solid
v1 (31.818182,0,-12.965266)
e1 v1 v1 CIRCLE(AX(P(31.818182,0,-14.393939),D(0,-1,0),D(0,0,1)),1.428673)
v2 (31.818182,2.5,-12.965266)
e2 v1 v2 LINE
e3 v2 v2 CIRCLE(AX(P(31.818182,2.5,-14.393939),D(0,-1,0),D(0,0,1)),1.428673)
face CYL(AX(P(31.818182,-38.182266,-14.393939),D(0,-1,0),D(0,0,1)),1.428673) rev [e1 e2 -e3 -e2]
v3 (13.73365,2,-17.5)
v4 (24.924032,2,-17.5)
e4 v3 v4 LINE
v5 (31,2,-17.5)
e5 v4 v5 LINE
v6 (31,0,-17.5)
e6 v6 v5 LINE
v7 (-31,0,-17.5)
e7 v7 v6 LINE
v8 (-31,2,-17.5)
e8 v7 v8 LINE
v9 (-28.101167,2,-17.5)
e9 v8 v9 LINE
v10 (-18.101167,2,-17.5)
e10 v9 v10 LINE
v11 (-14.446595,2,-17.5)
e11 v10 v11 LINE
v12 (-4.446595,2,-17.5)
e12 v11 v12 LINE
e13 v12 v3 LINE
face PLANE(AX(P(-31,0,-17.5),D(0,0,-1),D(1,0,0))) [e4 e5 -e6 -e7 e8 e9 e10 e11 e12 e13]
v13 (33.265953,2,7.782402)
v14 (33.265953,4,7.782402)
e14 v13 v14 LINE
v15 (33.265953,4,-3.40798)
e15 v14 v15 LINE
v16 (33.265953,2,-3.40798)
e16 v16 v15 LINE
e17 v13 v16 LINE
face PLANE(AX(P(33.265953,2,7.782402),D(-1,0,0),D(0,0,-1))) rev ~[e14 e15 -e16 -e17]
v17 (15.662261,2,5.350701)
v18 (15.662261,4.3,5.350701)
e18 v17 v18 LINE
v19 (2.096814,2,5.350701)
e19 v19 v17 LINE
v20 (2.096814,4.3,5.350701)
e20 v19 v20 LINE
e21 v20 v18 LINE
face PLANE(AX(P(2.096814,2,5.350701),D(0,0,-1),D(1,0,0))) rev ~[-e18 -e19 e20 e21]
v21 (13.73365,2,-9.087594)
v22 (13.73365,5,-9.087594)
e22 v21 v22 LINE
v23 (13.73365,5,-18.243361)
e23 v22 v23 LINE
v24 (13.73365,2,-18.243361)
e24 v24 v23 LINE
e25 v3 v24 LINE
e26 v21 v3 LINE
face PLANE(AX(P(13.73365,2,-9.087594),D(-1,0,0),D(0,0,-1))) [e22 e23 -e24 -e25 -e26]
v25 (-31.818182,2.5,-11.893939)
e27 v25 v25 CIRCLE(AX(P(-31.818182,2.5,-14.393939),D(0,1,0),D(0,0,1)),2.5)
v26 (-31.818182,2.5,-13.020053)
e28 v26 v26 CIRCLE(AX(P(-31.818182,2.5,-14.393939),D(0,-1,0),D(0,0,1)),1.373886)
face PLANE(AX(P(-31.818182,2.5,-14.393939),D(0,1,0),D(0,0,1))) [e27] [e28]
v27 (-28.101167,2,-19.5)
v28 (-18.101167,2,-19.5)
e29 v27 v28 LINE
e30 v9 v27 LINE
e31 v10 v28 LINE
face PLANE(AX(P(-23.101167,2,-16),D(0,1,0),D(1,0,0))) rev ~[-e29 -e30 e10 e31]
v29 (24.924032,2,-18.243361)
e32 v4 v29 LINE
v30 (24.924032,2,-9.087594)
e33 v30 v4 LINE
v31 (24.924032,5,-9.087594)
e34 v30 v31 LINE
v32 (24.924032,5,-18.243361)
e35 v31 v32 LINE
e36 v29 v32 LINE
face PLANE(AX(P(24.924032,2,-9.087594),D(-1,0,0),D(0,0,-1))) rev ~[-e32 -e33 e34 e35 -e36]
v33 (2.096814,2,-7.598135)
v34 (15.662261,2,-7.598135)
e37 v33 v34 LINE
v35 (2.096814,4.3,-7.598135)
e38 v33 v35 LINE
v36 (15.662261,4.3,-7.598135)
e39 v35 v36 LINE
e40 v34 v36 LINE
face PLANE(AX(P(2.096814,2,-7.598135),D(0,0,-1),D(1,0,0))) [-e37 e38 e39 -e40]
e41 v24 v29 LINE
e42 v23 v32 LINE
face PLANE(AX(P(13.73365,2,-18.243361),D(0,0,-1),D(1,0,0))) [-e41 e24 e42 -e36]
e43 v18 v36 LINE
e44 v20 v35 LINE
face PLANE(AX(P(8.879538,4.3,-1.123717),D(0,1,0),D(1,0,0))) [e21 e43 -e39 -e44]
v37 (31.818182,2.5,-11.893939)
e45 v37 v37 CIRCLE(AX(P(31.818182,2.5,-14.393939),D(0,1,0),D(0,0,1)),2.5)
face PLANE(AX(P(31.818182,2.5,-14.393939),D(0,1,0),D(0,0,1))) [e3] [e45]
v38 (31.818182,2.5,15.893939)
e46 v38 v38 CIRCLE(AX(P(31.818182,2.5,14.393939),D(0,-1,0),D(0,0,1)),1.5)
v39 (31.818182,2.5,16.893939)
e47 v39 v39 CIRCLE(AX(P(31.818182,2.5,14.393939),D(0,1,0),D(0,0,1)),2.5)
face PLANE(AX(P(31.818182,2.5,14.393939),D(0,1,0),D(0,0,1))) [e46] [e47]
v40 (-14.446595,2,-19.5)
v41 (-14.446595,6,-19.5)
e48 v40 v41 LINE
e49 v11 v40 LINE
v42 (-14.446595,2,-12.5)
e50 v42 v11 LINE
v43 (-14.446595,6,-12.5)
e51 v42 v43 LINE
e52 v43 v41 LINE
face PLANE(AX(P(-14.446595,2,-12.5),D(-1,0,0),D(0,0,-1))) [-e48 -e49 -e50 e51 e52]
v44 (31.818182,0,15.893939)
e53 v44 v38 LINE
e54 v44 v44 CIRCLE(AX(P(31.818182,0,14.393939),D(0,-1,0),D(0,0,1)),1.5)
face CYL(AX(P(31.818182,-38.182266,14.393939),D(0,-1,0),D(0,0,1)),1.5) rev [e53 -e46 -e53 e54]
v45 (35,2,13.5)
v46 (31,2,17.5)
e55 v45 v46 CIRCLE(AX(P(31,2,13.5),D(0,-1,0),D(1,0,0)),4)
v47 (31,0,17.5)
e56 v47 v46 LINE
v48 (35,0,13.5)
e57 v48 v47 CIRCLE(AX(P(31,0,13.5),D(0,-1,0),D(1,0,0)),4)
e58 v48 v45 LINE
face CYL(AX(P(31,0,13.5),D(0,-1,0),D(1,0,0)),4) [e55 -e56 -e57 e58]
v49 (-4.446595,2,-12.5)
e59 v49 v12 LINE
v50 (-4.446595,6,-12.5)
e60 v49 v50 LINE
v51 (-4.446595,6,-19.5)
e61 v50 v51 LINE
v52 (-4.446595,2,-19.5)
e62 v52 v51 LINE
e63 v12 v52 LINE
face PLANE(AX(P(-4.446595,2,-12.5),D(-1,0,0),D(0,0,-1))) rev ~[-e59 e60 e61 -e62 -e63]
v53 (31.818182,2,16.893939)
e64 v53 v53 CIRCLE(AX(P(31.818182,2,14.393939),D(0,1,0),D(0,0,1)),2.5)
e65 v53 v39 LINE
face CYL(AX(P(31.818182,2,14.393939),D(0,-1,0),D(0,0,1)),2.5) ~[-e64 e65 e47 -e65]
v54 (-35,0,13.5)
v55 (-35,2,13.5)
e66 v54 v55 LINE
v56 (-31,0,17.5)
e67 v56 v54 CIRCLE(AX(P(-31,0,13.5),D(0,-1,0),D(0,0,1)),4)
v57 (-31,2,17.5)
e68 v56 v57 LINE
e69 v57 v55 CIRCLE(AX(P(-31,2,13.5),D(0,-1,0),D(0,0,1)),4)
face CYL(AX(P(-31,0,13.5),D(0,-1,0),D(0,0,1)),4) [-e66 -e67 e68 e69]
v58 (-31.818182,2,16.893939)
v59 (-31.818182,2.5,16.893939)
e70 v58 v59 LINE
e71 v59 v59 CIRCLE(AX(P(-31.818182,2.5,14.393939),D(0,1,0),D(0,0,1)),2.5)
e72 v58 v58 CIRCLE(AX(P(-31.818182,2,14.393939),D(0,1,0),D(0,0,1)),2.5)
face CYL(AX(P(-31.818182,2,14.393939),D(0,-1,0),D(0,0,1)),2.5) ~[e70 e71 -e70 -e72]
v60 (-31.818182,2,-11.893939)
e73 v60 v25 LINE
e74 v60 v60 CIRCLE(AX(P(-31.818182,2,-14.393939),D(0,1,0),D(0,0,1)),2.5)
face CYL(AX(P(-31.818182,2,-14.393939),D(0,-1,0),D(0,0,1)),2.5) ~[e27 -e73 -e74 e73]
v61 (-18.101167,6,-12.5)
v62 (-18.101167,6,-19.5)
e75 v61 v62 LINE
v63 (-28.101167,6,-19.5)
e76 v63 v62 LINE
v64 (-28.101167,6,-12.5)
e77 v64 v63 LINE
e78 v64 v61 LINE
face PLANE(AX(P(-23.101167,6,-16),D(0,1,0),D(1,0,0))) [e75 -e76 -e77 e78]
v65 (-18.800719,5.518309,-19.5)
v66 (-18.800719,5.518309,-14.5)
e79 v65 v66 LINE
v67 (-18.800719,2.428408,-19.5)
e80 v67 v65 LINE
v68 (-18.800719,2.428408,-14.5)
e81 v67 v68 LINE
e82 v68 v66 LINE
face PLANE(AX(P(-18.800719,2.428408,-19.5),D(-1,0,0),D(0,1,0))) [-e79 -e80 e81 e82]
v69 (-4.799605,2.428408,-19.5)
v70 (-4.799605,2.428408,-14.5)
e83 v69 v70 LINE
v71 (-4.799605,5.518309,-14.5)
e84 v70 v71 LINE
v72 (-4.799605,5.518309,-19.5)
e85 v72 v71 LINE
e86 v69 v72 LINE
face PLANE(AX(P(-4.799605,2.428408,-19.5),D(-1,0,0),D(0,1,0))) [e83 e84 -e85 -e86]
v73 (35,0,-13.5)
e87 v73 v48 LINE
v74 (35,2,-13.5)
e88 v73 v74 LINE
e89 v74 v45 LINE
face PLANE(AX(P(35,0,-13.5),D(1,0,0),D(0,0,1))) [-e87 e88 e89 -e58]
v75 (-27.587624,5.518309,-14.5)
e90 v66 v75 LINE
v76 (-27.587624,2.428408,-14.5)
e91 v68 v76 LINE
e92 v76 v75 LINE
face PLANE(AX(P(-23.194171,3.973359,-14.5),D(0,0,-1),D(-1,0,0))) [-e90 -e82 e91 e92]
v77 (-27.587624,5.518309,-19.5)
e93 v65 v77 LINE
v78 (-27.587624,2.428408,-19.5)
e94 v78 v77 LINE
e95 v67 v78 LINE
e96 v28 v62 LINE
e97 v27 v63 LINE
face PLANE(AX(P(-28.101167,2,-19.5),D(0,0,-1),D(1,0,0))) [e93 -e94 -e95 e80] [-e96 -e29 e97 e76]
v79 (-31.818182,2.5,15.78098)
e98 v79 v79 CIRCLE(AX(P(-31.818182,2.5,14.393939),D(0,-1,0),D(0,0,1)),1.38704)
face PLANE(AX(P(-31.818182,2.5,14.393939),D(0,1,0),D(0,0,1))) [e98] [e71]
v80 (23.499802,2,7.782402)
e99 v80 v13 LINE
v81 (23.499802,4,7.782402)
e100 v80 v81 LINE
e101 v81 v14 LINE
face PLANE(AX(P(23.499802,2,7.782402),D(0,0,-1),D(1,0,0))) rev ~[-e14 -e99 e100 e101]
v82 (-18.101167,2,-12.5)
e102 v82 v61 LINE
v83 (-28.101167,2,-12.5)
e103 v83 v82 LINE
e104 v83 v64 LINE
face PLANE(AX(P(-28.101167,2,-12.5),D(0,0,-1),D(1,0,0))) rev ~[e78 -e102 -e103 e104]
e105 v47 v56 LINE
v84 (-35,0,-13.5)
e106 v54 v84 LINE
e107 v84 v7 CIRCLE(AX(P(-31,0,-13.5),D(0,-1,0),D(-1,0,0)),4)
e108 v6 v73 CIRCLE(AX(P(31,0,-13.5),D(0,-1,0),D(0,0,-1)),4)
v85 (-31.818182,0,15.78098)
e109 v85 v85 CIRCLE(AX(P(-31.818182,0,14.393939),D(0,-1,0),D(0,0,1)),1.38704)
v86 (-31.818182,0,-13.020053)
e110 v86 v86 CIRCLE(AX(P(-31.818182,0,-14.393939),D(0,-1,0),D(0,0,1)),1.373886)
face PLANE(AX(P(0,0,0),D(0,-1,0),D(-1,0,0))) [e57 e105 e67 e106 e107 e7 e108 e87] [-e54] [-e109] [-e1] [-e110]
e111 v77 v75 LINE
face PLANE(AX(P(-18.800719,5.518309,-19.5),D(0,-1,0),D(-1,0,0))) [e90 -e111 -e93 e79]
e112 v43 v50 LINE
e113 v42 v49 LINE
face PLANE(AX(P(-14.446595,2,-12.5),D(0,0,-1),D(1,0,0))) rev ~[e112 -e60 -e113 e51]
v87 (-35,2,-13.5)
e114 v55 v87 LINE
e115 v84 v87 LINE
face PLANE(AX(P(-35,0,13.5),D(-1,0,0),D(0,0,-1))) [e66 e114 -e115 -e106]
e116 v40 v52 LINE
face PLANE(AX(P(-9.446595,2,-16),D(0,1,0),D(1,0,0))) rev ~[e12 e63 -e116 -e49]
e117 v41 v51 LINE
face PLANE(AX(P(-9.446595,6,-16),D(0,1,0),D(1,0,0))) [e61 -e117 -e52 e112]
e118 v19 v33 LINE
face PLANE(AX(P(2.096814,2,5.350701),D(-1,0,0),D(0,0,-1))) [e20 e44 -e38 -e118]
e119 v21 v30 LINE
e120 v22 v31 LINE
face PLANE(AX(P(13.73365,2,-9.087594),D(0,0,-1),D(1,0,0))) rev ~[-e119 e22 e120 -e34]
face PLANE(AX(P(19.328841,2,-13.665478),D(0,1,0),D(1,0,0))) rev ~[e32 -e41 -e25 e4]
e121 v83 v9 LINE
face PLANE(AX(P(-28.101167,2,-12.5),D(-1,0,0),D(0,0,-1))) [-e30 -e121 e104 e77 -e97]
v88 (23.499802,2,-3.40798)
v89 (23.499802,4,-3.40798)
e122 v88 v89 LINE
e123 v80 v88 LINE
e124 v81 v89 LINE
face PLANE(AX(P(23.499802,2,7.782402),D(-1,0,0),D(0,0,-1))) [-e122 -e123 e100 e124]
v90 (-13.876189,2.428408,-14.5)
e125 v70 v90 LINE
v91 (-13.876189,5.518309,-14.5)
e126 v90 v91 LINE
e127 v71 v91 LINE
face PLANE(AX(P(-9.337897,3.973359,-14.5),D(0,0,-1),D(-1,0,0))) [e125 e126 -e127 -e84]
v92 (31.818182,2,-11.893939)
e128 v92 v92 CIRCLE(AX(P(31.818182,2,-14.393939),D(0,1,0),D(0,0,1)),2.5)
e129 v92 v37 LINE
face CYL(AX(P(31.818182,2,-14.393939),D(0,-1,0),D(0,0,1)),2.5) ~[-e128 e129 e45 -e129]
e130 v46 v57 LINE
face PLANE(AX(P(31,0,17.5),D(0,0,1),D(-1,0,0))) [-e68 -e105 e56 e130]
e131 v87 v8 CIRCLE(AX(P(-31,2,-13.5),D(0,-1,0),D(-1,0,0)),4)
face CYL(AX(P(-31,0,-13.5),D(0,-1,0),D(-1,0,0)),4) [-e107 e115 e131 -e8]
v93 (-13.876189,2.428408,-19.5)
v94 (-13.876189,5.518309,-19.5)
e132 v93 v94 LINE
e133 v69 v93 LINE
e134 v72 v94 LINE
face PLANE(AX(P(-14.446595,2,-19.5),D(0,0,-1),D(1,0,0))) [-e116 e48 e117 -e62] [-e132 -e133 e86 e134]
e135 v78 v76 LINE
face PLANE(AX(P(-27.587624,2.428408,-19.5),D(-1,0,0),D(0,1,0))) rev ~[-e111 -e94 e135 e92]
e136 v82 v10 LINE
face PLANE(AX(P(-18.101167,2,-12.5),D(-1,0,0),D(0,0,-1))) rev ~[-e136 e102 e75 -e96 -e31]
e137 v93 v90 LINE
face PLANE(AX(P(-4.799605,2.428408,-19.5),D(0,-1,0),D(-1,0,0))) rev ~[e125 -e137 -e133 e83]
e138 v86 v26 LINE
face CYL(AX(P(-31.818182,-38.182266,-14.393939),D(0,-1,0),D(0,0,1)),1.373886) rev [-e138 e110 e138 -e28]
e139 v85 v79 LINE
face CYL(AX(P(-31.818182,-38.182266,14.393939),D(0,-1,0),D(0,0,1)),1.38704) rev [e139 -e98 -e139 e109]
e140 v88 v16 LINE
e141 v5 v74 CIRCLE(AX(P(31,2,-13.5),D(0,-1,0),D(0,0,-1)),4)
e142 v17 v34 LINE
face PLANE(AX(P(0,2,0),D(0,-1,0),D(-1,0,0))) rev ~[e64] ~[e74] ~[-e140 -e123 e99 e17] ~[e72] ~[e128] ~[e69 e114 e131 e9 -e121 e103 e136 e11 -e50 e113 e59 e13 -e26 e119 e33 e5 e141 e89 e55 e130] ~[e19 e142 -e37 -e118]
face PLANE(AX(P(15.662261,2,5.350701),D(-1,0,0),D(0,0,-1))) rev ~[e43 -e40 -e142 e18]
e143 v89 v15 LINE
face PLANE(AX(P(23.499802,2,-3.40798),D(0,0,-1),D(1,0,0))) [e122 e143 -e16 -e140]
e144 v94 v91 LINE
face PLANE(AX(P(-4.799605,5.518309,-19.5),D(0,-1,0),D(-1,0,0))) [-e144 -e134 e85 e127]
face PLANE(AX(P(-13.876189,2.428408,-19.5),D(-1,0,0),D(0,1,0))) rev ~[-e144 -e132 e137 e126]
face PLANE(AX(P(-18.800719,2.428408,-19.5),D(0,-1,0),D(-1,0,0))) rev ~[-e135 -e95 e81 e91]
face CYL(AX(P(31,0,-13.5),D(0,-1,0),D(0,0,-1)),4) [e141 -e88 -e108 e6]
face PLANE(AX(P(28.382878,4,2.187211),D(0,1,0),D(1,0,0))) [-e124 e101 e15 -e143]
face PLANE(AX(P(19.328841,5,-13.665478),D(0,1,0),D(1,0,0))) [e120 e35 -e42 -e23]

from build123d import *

# Parameters (mm, degrees)
BOSS_EXTRUDE1_DEPTH     = 2
SKETCH2_R               = 2.5
BOSS_EXTRUDE2_DEPTH     = 0.5
CUT_EXTRUDE1_DEPTH      = 40.182266397
CUT_EXTRUDE1_DEPTH_BACK = 40.182266397
SKETCH3_R               = 1.5
SKETCH3_R_2             = 1.3870402
SKETCH3_R_3             = 1.37388591
SKETCH3_R_4             = 1.428673318
SKETCH4_W               = 13.56544722
SKETCH4_H               = 12.948835983
BOSS_EXTRUDE3_DEPTH     = 2.3
SKETCH5_W               = 9.766151407
SKETCH5_H               = 11.19038182
BOSS_EXTRUDE4_DEPTH     = 2
SKETCH6_W               = 10
SKETCH6_H               = 7
BOSS_EXTRUDE5_DEPTH     = 4
SKETCH7_W               = 9.076584157
SKETCH7_H               = 3.089900989
SKETCH7_W_2             = 8.786905938
CUT_EXTRUDE2_DEPTH      = 5
SKETCH8_W               = 11.190381821
SKETCH8_H               = 9.155766944
BOSS_EXTRUDE6_DEPTH     = 3


with BuildPart() as part:
    # Sketch1 → Boss-Extrude1 (new body)
    with BuildSketch(Plane(origin=(0, 0, 0), x_dir=(1, 0, 0), z_dir=(0, 1, 0))):
        with BuildLine():
            Line((-31, 17.5), (31, 17.5))
            ThreePointArc((31, 17.5), (33.828427125, 16.328427125), (35, 13.5))
            Line((35, 13.5), (35, -13.5))
            ThreePointArc((35, -13.5), (33.828427125, -16.328427125), (31, -17.5))
            Line((31, -17.5), (-31, -17.5))
            ThreePointArc((-31, -17.5), (-33.828427125, -16.328427125), (-35, -13.5))
            Line((-35, -13.5), (-35, 13.5))
            ThreePointArc((-35, 13.5), (-33.828427125, 16.328427125), (-31, 17.5))
        make_face()
    extrude(amount=BOSS_EXTRUDE1_DEPTH)

    # Sketch2 → Boss-Extrude2 (add)
    with BuildSketch(Plane(origin=(0, 2, 0), x_dir=(1, 0, 0), z_dir=(0, 1, 0))):
        with Locations(Location((31.818181818, -14.393939394, 0), (0, 0, 270))):
            Circle(SKETCH2_R)
        with Locations(Location((-31.818181818, -14.393939394, 0), (0, 0, 270))):
            Circle(SKETCH2_R)
        with Locations(Location((-31.818181818, 14.393939394, 0), (0, 0, 270))):
            Circle(SKETCH2_R)
        with Locations(Location((31.818181818, 14.393939394, 0), (0, 0, 270))):
            Circle(SKETCH2_R)
    extrude(amount=BOSS_EXTRUDE2_DEPTH)

    # Sketch3 → Cut-Extrude1 (cut, two sides: drawn at the far end of the back side and taken through both)
    with BuildSketch(Plane(origin=(0, 2, 0), x_dir=(1, 0, 0), z_dir=(0, 1, 0)).offset(-CUT_EXTRUDE1_DEPTH_BACK)):
        with Locations(Location((31.818181818, -14.393939394, 0), (0, 0, 270))):
            Circle(SKETCH3_R)
        with Locations(Location((-31.818181818, -14.393939394, 0), (0, 0, 270))):
            Circle(SKETCH3_R_2)
        with Locations(Location((-31.818181818, 14.393939394, 0), (0, 0, 270))):
            Circle(SKETCH3_R_3)
        with Locations(Location((31.818181818, 14.393939394, 0), (0, 0, 270))):
            Circle(SKETCH3_R_4)
    extrude(amount=CUT_EXTRUDE1_DEPTH + CUT_EXTRUDE1_DEPTH_BACK, mode=Mode.SUBTRACT)

    # Sketch4 → Boss-Extrude3 (add)
    with BuildSketch(Plane(origin=(0, 2, 0), x_dir=(1, 0, 0), z_dir=(0, 1, 0))):
        with Locations((8.879537688, 1.123716819)):
            Rectangle(SKETCH4_W, SKETCH4_H)
    extrude(amount=BOSS_EXTRUDE3_DEPTH)

    # Sketch5 → Boss-Extrude4 (add)
    with BuildSketch(Plane(origin=(0, 2, 0), x_dir=(1, 0, 0), z_dir=(0, 1, 0))):
        with Locations((28.382877527, -2.187210992)):
            Rectangle(SKETCH5_W, SKETCH5_H)
    extrude(amount=BOSS_EXTRUDE4_DEPTH)

    # Sketch6 → Boss-Extrude5 (add)
    with BuildSketch(Plane(origin=(0, 2, 0), x_dir=(1, 0, 0), z_dir=(0, 1, 0))):
        with Locations((-9.446594787, 16)):
            Rectangle(SKETCH6_W, SKETCH6_H)
        with Locations((-23.101167125, 16)):
            Rectangle(SKETCH6_W, SKETCH6_H)
    extrude(amount=BOSS_EXTRUDE5_DEPTH)

    # Sketch7 → Cut-Extrude2 (cut)
    with BuildSketch(Plane(origin=(0, 0, -19.5), x_dir=(-1, 0, 0), z_dir=(0, 0, -1))):
        with Locations((9.33789674, 3.973358643)):
            Rectangle(SKETCH7_W, SKETCH7_H)
        with Locations((23.19417149, 3.973358643)):
            Rectangle(SKETCH7_W_2, SKETCH7_H)
    extrude(amount=-CUT_EXTRUDE2_DEPTH, mode=Mode.SUBTRACT)

    # Sketch8 → Boss-Extrude6 (add)
    with BuildSketch(Plane(origin=(0, 2, 0), x_dir=(1, 0, 0), z_dir=(0, 1, 0))):
        with Locations((19.328841327, 13.665477606)):
            Rectangle(SKETCH8_W, SKETCH8_H)
    extrude(amount=BOSS_EXTRUDE6_DEPTH)


solid = part.part
